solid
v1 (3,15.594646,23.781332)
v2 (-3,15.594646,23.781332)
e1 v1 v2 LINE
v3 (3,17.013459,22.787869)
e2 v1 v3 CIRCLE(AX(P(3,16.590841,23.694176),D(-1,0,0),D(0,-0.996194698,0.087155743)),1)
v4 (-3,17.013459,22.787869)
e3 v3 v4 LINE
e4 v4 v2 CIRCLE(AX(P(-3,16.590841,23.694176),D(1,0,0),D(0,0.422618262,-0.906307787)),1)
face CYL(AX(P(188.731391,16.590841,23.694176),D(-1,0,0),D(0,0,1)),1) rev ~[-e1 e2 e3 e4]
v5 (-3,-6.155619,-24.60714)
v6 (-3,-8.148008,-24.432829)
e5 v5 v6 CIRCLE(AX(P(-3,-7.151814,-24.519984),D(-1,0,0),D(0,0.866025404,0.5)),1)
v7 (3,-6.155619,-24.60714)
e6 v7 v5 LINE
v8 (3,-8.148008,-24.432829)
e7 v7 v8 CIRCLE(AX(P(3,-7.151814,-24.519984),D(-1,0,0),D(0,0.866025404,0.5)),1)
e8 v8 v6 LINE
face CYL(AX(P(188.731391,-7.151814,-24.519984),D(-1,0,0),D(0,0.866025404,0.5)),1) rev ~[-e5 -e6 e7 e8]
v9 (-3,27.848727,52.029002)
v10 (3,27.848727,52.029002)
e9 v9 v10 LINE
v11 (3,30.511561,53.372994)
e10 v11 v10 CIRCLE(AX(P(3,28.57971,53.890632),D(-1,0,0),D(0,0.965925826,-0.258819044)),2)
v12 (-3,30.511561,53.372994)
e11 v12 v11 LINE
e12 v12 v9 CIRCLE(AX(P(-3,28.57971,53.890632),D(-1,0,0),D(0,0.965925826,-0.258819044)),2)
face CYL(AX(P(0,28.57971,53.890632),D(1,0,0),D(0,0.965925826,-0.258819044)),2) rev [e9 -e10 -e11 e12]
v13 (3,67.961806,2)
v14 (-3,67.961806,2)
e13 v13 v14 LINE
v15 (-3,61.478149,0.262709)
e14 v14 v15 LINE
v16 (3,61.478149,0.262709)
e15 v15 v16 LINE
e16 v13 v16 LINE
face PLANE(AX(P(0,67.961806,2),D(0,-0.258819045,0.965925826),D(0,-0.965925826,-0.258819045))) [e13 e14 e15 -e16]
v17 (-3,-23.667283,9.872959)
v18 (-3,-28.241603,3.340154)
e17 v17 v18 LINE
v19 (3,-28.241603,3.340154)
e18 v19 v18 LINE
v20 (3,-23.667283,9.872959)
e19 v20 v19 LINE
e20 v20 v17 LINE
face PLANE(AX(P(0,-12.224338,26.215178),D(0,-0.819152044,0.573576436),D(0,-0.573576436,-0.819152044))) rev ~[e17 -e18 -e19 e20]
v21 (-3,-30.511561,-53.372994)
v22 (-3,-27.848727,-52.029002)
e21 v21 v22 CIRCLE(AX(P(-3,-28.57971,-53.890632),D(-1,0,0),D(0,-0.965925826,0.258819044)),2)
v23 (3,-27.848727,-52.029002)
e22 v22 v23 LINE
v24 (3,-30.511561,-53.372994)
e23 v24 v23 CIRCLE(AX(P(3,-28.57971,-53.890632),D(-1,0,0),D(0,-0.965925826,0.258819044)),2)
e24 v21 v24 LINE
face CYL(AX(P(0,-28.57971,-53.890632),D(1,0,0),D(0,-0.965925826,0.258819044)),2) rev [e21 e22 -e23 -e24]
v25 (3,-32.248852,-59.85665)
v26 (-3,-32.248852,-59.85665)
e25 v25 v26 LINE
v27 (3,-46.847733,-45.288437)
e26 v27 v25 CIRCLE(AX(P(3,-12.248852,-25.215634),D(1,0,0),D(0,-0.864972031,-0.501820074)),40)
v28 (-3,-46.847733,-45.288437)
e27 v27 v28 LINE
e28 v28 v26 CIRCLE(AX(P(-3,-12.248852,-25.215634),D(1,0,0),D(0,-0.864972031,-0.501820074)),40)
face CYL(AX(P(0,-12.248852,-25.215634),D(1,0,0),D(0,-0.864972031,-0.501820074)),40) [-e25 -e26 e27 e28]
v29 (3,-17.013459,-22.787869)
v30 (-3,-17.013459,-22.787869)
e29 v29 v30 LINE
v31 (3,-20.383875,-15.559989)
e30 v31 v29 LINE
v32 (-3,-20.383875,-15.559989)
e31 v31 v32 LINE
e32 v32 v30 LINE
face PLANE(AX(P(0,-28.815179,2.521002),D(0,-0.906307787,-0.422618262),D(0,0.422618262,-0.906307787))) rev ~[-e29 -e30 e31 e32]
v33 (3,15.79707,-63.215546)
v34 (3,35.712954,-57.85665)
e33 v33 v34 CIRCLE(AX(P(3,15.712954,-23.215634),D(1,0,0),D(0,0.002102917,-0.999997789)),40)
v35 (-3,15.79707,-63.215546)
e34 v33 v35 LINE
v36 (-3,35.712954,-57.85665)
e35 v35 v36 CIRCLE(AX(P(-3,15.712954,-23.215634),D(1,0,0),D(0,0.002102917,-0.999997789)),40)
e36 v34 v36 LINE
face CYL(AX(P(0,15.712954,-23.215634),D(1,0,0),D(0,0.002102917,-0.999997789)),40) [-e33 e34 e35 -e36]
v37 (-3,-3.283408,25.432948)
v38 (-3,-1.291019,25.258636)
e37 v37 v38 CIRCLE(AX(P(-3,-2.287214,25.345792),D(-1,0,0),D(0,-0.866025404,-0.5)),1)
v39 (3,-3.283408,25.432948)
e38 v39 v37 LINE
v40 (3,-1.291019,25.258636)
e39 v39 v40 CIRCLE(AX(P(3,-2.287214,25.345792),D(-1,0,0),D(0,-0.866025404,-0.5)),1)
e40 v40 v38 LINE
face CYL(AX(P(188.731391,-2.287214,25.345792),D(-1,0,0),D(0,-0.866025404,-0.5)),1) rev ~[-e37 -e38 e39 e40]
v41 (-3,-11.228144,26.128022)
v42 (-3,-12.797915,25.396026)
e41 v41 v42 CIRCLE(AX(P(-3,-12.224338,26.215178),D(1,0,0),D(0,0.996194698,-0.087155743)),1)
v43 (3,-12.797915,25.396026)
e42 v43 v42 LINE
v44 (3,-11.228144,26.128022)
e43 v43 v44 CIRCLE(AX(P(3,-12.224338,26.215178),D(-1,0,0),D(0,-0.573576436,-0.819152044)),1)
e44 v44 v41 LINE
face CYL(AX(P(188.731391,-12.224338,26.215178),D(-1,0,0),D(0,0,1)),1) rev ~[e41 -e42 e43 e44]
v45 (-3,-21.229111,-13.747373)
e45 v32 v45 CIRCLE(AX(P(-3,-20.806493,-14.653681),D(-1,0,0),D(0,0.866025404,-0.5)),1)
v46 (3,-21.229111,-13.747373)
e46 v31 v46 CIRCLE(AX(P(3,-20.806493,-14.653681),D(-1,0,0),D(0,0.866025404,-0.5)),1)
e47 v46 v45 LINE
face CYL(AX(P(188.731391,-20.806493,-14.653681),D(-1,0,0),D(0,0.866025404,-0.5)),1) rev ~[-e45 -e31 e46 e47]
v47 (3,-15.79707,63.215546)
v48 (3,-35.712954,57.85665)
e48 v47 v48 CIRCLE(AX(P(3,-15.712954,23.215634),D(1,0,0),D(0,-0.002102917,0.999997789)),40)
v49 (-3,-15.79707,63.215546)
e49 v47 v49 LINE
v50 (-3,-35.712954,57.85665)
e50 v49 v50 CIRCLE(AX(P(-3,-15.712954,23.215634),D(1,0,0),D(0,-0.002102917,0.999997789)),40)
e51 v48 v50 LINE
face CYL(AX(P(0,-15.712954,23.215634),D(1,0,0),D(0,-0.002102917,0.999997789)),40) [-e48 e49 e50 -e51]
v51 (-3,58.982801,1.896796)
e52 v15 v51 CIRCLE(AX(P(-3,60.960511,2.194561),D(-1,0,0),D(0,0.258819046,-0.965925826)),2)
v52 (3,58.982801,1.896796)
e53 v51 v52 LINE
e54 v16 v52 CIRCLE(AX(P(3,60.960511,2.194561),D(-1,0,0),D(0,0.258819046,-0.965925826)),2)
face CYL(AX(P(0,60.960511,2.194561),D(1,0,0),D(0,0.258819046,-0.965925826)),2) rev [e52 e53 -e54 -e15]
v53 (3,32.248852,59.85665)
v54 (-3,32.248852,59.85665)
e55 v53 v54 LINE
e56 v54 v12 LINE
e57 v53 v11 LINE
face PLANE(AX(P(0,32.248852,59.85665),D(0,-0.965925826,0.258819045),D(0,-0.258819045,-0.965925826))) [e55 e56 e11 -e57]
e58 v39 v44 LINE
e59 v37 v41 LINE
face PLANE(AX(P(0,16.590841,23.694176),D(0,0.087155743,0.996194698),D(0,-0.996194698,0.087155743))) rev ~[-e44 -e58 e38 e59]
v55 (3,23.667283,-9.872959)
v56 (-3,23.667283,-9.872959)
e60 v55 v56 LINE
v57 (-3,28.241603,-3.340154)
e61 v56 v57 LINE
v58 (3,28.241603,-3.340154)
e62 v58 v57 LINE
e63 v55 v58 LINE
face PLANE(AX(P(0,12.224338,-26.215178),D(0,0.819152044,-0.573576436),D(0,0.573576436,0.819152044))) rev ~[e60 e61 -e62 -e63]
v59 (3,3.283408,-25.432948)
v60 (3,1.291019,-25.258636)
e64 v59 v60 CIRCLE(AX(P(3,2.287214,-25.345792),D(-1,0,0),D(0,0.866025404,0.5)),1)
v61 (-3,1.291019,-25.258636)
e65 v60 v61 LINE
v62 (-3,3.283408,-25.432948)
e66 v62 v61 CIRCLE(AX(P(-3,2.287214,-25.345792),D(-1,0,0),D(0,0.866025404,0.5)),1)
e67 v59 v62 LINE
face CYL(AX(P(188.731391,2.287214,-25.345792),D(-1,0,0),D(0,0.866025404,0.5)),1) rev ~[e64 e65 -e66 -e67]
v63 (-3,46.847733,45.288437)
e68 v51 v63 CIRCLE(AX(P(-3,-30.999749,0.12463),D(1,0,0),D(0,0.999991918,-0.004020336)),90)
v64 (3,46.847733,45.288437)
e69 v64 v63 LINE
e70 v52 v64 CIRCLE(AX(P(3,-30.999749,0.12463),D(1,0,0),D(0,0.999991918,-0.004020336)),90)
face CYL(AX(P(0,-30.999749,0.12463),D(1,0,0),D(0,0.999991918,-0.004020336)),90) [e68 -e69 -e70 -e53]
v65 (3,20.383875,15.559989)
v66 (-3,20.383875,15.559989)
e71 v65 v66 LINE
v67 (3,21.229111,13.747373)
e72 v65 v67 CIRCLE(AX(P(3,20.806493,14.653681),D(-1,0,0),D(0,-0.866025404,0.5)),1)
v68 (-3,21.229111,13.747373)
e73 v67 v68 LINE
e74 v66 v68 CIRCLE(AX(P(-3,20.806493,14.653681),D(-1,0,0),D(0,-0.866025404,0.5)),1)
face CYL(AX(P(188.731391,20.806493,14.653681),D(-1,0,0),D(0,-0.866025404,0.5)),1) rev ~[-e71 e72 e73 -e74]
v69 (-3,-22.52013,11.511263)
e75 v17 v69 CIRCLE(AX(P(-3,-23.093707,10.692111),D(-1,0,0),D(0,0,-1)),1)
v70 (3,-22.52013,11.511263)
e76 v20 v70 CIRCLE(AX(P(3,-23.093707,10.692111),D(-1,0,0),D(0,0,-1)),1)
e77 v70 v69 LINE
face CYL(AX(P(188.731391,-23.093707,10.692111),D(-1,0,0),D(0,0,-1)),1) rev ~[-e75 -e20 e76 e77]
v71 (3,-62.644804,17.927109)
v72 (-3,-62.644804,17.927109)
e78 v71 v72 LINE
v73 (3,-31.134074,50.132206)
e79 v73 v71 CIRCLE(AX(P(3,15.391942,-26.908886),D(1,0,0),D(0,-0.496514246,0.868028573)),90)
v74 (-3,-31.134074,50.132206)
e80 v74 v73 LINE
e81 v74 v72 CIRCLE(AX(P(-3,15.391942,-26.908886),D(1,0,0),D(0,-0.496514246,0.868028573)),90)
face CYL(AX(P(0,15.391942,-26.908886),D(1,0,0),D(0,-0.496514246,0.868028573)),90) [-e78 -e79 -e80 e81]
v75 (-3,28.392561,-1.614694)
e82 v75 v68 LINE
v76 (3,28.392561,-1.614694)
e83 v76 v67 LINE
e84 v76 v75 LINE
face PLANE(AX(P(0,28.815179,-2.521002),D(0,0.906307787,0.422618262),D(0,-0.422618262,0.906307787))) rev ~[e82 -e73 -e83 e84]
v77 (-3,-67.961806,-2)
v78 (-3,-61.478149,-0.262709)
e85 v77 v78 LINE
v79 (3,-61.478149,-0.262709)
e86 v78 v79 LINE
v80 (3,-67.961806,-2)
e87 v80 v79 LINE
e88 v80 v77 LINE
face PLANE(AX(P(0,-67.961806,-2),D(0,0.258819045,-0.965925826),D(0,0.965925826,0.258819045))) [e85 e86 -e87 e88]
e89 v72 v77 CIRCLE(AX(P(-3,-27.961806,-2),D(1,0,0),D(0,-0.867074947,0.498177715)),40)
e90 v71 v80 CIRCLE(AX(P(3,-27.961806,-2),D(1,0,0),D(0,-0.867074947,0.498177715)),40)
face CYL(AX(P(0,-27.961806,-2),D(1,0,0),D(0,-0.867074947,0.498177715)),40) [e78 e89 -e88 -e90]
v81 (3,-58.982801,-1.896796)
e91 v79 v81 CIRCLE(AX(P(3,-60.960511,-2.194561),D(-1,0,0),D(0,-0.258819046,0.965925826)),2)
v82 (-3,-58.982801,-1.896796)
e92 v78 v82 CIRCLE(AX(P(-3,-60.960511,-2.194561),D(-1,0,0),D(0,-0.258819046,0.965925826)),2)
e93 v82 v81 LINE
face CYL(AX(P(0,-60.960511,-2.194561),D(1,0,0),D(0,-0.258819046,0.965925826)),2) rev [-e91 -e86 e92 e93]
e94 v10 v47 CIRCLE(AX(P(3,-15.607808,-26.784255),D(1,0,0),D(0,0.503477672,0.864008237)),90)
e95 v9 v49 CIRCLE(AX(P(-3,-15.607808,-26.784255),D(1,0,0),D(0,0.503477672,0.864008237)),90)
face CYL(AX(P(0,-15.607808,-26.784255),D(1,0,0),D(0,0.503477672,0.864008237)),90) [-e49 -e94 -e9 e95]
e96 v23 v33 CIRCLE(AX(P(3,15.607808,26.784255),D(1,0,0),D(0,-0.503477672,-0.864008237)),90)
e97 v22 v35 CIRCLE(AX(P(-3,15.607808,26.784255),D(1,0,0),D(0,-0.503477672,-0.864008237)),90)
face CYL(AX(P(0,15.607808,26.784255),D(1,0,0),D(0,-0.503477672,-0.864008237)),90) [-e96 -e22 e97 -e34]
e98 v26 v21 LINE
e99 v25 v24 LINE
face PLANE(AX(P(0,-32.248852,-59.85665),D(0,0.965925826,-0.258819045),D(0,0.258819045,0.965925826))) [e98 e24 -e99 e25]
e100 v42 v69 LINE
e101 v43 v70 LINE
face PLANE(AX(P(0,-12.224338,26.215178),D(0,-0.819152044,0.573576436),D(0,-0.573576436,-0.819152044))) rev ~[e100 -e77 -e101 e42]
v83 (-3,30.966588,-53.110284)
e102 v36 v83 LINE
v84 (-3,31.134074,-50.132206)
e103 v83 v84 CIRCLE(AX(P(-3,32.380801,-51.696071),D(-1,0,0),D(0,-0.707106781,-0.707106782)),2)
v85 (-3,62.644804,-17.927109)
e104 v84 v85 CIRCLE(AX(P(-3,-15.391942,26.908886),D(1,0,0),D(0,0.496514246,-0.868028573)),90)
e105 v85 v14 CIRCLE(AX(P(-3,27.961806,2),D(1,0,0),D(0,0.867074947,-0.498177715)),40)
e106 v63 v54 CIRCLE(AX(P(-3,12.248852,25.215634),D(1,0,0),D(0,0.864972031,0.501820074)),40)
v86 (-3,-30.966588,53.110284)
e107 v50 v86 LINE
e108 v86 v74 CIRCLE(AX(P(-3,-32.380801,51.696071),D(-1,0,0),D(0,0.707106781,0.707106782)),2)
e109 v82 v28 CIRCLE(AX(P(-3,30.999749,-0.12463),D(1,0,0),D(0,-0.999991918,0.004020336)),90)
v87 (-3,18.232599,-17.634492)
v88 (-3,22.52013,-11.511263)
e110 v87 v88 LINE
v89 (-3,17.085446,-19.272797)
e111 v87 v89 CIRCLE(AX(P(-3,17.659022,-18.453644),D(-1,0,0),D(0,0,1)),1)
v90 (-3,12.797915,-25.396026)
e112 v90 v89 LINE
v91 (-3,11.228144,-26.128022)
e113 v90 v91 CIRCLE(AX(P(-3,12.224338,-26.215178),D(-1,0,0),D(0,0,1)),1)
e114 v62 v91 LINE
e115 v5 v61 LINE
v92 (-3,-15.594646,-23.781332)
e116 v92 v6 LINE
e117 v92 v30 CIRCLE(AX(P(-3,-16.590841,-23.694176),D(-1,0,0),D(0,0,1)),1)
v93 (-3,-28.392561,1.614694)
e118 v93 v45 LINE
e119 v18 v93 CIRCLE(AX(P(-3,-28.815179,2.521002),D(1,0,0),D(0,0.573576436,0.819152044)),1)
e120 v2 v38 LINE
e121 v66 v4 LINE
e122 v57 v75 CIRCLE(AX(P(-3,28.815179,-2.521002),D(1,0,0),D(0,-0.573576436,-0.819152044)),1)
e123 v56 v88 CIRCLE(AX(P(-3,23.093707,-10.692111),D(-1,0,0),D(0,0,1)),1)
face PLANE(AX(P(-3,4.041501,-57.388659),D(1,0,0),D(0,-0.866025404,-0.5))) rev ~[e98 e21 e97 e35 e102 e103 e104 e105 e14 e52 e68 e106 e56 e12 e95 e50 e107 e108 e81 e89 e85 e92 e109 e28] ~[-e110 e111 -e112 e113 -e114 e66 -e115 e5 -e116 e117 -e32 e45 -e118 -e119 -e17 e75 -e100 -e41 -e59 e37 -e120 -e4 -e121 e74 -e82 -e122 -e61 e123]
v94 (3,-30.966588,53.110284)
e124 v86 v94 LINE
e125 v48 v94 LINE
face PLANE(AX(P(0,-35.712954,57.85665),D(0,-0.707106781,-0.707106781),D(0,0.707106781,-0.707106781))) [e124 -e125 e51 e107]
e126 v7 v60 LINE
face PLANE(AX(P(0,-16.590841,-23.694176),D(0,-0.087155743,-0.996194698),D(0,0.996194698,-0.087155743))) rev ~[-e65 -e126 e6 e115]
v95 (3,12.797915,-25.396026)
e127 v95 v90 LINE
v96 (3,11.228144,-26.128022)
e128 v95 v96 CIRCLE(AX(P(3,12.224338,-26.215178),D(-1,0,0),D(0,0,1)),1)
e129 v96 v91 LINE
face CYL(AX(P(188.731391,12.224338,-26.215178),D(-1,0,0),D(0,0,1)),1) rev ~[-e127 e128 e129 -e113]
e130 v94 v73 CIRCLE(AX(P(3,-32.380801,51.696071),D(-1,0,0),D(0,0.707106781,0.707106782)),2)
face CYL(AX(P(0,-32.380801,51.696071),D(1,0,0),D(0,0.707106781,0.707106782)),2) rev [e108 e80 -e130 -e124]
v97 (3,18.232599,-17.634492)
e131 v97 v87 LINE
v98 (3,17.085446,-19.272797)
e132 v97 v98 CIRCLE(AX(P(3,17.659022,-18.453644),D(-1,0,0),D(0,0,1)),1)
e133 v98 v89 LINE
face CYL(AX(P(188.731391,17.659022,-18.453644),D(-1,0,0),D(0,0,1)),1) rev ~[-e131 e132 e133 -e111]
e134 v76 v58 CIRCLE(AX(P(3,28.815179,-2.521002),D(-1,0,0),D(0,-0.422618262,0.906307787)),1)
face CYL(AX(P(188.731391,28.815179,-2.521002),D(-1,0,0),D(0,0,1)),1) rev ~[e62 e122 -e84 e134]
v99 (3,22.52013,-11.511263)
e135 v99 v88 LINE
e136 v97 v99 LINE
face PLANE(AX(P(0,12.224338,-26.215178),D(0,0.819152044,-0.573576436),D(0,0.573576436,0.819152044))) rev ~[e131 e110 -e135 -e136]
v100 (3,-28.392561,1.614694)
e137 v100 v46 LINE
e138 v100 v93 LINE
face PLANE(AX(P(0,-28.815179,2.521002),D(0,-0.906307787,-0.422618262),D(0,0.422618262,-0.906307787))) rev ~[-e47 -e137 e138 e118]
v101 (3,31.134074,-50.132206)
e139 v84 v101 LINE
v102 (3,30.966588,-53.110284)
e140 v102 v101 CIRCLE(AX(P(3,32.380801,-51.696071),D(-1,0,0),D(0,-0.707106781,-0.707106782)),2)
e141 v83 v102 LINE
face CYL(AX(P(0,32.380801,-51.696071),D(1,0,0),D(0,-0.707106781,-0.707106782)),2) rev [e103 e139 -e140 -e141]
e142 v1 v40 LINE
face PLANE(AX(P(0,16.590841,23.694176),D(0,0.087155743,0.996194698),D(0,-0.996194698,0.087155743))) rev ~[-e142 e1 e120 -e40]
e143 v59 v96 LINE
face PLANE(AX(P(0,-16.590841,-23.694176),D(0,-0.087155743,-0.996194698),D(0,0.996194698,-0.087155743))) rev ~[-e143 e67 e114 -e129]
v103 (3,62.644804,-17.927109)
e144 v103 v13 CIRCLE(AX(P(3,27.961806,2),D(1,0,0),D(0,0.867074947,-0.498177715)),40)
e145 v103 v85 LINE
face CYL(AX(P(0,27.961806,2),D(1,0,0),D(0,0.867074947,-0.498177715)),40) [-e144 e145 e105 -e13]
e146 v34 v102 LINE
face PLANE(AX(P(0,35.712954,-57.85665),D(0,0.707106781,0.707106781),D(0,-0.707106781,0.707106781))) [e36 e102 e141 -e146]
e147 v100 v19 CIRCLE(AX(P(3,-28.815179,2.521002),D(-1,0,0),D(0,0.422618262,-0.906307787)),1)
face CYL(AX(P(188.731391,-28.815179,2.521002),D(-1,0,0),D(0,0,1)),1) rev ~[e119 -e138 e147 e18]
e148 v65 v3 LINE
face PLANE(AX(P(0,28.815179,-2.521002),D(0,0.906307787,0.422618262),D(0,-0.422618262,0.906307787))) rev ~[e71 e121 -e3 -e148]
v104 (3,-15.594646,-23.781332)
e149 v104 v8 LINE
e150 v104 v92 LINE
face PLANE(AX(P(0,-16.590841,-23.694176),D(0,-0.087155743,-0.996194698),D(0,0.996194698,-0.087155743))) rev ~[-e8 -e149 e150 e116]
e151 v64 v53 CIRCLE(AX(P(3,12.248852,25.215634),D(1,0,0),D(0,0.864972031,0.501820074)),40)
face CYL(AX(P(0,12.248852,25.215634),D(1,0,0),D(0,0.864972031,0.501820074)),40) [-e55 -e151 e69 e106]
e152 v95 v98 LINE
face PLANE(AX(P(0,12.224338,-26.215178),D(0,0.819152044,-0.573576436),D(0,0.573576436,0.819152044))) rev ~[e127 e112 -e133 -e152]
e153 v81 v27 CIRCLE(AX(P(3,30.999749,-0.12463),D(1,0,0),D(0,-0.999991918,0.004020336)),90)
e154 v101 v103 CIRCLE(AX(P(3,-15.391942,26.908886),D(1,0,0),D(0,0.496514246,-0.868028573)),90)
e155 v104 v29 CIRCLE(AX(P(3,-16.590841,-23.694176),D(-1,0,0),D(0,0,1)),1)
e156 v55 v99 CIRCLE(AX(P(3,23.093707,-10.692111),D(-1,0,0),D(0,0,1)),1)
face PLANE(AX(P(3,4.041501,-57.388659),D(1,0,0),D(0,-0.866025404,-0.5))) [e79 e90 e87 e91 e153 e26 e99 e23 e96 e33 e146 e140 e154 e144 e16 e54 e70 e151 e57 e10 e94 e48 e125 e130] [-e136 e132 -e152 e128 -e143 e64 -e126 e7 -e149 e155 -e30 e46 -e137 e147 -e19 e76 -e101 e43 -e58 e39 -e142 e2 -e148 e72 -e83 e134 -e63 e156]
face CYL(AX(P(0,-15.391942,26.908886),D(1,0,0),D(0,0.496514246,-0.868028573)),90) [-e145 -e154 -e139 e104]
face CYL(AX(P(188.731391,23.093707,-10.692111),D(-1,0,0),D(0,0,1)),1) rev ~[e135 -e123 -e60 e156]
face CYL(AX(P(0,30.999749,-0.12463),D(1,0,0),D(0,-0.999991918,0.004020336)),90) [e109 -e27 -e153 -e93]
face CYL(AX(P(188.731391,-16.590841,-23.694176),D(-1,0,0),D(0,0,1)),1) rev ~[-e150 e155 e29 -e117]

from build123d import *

# Parameters (mm, degrees)
SKETCH1_R                = 59
EXTRUDE1_DEPTH           = 3
EXTRUDE2_DEPTH           = 3
CIRPATTERN1_COUNT        = 6
F_2_0_2_DIAMETER_HOLE1_D = 2
F_2_0_2_DIAMETER_HOLE3_D = 2
F_2_0_2_DIAMETER_HOLE4_D = 2
CIRPATTERN2_COUNT        = 6
CIRPATTERN3_COUNT        = 2
CIRPATTERN3_ANGLE        = 60


with BuildPart() as part:
    # Sketch1 → Extrude1 (new, symmetric)
    with BuildSketch(Plane(origin=(0, 0, 0), x_dir=(0, 0, -1), z_dir=(1, 0, 0))):
        Circle(SKETCH1_R)
        Polygon((26.215177945, 12.224338236), (2.521001516, 28.815179183), (-23.694176429, 16.590840947), (-26.215177945, -12.224338236), (-2.521001516, -28.815179183), (23.694176429, -16.590840947), align=None, mode=Mode.SUBTRACT)
    extrude(amount=EXTRUDE1_DEPTH, both=True)

    # Sketch2 → Extrude2 (add, symmetric)
    with BuildSketch(Plane(origin=(0, 0, 0), x_dir=(0, 0, -1), z_dir=(1, 0, 0))):
        with BuildLine():
            Line((-2, 67.961805723), (-0.262709442, 61.478149092))
            ThreePointArc((-0.262709442, 61.478149092), (-0.58620663, 59.77173183), (-2.122608272, 58.961805723))
            ThreePointArc((-2.122608272, 58.961805723), (28.679663449, 51.560419941), (51.21368579, 29.294340542))
            ThreePointArc((51.21368579, 29.294340542), (36.791707484, 48.186627241), (17.927108603, 62.644803614))
            ThreePointArc((17.927108603, 62.644803614), (8.312130826, 66.609702921), (-2, 67.961805723))
        make_face()
    extrude2 = extrude(amount=EXTRUDE2_DEPTH, both=True)

    # CirPattern1: Extrude2 ×6 about axis
    cirpattern1_axis = Axis((0, 0, 0), (1, 0, 0))
    for i in range(1, CIRPATTERN1_COUNT):
        add(extrude2.rotate(cirpattern1_axis, i * 360 / CIRPATTERN1_COUNT))

    # 2.0 _2_ Diameter Hole1 (through all)
    with Locations(Plane(origin=(3, 0, 0), x_dir=(0, 0, -1), z_dir=(1, 0, 0))):
        with Locations((2.521001516, 28.815179183), (26.215177945, 12.224338236), (23.694176429, -16.590840947), (-2.521001516, -28.815179183), (-26.215177945, -12.224338236), (-23.694176429, 16.590840947)):
            Hole(F_2_0_2_DIAMETER_HOLE1_D / 2)

    # 2.0 _2_ Diameter Hole3 (through all)
    with Locations(Plane(origin=(3, 0, 0), x_dir=(0, 0, -1), z_dir=(1, 0, 0))):
        with Locations((10.692111007, 23.093706722)):
            f_2_0_2_diameter_hole3 = Hole(F_2_0_2_DIAMETER_HOLE3_D / 2)

    # 2.0 _2_ Diameter Hole4 (through all)
    with Locations(Plane(origin=(3, 0, 0), x_dir=(0, 0, -1), z_dir=(1, 0, 0))):
        with Locations((18.453644476, 17.659022479)):
            f_2_0_2_diameter_hole4 = Hole(F_2_0_2_DIAMETER_HOLE4_D / 2)

    # CirPattern2: 2.0 _2_ Diameter Hole3 ×6 about axis
    cirpattern2_axis = Axis((0, 0, 0), (1, 0, 0))
    for i in range(1, CIRPATTERN2_COUNT):
        add(f_2_0_2_diameter_hole3.rotate(cirpattern2_axis, i * 360 / CIRPATTERN2_COUNT), mode=Mode.SUBTRACT)

    # CirPattern3: 2.0 _2_ Diameter Hole4 ×2 about axis
    cirpattern3_axis = Axis((-5.5, 0, 0), (-1, 0, 0))
    for i in range(1, CIRPATTERN3_COUNT):
        add(f_2_0_2_diameter_hole4.rotate(cirpattern3_axis, i * CIRPATTERN3_ANGLE / (CIRPATTERN3_COUNT - 1)), mode=Mode.SUBTRACT)


solid = part.part
